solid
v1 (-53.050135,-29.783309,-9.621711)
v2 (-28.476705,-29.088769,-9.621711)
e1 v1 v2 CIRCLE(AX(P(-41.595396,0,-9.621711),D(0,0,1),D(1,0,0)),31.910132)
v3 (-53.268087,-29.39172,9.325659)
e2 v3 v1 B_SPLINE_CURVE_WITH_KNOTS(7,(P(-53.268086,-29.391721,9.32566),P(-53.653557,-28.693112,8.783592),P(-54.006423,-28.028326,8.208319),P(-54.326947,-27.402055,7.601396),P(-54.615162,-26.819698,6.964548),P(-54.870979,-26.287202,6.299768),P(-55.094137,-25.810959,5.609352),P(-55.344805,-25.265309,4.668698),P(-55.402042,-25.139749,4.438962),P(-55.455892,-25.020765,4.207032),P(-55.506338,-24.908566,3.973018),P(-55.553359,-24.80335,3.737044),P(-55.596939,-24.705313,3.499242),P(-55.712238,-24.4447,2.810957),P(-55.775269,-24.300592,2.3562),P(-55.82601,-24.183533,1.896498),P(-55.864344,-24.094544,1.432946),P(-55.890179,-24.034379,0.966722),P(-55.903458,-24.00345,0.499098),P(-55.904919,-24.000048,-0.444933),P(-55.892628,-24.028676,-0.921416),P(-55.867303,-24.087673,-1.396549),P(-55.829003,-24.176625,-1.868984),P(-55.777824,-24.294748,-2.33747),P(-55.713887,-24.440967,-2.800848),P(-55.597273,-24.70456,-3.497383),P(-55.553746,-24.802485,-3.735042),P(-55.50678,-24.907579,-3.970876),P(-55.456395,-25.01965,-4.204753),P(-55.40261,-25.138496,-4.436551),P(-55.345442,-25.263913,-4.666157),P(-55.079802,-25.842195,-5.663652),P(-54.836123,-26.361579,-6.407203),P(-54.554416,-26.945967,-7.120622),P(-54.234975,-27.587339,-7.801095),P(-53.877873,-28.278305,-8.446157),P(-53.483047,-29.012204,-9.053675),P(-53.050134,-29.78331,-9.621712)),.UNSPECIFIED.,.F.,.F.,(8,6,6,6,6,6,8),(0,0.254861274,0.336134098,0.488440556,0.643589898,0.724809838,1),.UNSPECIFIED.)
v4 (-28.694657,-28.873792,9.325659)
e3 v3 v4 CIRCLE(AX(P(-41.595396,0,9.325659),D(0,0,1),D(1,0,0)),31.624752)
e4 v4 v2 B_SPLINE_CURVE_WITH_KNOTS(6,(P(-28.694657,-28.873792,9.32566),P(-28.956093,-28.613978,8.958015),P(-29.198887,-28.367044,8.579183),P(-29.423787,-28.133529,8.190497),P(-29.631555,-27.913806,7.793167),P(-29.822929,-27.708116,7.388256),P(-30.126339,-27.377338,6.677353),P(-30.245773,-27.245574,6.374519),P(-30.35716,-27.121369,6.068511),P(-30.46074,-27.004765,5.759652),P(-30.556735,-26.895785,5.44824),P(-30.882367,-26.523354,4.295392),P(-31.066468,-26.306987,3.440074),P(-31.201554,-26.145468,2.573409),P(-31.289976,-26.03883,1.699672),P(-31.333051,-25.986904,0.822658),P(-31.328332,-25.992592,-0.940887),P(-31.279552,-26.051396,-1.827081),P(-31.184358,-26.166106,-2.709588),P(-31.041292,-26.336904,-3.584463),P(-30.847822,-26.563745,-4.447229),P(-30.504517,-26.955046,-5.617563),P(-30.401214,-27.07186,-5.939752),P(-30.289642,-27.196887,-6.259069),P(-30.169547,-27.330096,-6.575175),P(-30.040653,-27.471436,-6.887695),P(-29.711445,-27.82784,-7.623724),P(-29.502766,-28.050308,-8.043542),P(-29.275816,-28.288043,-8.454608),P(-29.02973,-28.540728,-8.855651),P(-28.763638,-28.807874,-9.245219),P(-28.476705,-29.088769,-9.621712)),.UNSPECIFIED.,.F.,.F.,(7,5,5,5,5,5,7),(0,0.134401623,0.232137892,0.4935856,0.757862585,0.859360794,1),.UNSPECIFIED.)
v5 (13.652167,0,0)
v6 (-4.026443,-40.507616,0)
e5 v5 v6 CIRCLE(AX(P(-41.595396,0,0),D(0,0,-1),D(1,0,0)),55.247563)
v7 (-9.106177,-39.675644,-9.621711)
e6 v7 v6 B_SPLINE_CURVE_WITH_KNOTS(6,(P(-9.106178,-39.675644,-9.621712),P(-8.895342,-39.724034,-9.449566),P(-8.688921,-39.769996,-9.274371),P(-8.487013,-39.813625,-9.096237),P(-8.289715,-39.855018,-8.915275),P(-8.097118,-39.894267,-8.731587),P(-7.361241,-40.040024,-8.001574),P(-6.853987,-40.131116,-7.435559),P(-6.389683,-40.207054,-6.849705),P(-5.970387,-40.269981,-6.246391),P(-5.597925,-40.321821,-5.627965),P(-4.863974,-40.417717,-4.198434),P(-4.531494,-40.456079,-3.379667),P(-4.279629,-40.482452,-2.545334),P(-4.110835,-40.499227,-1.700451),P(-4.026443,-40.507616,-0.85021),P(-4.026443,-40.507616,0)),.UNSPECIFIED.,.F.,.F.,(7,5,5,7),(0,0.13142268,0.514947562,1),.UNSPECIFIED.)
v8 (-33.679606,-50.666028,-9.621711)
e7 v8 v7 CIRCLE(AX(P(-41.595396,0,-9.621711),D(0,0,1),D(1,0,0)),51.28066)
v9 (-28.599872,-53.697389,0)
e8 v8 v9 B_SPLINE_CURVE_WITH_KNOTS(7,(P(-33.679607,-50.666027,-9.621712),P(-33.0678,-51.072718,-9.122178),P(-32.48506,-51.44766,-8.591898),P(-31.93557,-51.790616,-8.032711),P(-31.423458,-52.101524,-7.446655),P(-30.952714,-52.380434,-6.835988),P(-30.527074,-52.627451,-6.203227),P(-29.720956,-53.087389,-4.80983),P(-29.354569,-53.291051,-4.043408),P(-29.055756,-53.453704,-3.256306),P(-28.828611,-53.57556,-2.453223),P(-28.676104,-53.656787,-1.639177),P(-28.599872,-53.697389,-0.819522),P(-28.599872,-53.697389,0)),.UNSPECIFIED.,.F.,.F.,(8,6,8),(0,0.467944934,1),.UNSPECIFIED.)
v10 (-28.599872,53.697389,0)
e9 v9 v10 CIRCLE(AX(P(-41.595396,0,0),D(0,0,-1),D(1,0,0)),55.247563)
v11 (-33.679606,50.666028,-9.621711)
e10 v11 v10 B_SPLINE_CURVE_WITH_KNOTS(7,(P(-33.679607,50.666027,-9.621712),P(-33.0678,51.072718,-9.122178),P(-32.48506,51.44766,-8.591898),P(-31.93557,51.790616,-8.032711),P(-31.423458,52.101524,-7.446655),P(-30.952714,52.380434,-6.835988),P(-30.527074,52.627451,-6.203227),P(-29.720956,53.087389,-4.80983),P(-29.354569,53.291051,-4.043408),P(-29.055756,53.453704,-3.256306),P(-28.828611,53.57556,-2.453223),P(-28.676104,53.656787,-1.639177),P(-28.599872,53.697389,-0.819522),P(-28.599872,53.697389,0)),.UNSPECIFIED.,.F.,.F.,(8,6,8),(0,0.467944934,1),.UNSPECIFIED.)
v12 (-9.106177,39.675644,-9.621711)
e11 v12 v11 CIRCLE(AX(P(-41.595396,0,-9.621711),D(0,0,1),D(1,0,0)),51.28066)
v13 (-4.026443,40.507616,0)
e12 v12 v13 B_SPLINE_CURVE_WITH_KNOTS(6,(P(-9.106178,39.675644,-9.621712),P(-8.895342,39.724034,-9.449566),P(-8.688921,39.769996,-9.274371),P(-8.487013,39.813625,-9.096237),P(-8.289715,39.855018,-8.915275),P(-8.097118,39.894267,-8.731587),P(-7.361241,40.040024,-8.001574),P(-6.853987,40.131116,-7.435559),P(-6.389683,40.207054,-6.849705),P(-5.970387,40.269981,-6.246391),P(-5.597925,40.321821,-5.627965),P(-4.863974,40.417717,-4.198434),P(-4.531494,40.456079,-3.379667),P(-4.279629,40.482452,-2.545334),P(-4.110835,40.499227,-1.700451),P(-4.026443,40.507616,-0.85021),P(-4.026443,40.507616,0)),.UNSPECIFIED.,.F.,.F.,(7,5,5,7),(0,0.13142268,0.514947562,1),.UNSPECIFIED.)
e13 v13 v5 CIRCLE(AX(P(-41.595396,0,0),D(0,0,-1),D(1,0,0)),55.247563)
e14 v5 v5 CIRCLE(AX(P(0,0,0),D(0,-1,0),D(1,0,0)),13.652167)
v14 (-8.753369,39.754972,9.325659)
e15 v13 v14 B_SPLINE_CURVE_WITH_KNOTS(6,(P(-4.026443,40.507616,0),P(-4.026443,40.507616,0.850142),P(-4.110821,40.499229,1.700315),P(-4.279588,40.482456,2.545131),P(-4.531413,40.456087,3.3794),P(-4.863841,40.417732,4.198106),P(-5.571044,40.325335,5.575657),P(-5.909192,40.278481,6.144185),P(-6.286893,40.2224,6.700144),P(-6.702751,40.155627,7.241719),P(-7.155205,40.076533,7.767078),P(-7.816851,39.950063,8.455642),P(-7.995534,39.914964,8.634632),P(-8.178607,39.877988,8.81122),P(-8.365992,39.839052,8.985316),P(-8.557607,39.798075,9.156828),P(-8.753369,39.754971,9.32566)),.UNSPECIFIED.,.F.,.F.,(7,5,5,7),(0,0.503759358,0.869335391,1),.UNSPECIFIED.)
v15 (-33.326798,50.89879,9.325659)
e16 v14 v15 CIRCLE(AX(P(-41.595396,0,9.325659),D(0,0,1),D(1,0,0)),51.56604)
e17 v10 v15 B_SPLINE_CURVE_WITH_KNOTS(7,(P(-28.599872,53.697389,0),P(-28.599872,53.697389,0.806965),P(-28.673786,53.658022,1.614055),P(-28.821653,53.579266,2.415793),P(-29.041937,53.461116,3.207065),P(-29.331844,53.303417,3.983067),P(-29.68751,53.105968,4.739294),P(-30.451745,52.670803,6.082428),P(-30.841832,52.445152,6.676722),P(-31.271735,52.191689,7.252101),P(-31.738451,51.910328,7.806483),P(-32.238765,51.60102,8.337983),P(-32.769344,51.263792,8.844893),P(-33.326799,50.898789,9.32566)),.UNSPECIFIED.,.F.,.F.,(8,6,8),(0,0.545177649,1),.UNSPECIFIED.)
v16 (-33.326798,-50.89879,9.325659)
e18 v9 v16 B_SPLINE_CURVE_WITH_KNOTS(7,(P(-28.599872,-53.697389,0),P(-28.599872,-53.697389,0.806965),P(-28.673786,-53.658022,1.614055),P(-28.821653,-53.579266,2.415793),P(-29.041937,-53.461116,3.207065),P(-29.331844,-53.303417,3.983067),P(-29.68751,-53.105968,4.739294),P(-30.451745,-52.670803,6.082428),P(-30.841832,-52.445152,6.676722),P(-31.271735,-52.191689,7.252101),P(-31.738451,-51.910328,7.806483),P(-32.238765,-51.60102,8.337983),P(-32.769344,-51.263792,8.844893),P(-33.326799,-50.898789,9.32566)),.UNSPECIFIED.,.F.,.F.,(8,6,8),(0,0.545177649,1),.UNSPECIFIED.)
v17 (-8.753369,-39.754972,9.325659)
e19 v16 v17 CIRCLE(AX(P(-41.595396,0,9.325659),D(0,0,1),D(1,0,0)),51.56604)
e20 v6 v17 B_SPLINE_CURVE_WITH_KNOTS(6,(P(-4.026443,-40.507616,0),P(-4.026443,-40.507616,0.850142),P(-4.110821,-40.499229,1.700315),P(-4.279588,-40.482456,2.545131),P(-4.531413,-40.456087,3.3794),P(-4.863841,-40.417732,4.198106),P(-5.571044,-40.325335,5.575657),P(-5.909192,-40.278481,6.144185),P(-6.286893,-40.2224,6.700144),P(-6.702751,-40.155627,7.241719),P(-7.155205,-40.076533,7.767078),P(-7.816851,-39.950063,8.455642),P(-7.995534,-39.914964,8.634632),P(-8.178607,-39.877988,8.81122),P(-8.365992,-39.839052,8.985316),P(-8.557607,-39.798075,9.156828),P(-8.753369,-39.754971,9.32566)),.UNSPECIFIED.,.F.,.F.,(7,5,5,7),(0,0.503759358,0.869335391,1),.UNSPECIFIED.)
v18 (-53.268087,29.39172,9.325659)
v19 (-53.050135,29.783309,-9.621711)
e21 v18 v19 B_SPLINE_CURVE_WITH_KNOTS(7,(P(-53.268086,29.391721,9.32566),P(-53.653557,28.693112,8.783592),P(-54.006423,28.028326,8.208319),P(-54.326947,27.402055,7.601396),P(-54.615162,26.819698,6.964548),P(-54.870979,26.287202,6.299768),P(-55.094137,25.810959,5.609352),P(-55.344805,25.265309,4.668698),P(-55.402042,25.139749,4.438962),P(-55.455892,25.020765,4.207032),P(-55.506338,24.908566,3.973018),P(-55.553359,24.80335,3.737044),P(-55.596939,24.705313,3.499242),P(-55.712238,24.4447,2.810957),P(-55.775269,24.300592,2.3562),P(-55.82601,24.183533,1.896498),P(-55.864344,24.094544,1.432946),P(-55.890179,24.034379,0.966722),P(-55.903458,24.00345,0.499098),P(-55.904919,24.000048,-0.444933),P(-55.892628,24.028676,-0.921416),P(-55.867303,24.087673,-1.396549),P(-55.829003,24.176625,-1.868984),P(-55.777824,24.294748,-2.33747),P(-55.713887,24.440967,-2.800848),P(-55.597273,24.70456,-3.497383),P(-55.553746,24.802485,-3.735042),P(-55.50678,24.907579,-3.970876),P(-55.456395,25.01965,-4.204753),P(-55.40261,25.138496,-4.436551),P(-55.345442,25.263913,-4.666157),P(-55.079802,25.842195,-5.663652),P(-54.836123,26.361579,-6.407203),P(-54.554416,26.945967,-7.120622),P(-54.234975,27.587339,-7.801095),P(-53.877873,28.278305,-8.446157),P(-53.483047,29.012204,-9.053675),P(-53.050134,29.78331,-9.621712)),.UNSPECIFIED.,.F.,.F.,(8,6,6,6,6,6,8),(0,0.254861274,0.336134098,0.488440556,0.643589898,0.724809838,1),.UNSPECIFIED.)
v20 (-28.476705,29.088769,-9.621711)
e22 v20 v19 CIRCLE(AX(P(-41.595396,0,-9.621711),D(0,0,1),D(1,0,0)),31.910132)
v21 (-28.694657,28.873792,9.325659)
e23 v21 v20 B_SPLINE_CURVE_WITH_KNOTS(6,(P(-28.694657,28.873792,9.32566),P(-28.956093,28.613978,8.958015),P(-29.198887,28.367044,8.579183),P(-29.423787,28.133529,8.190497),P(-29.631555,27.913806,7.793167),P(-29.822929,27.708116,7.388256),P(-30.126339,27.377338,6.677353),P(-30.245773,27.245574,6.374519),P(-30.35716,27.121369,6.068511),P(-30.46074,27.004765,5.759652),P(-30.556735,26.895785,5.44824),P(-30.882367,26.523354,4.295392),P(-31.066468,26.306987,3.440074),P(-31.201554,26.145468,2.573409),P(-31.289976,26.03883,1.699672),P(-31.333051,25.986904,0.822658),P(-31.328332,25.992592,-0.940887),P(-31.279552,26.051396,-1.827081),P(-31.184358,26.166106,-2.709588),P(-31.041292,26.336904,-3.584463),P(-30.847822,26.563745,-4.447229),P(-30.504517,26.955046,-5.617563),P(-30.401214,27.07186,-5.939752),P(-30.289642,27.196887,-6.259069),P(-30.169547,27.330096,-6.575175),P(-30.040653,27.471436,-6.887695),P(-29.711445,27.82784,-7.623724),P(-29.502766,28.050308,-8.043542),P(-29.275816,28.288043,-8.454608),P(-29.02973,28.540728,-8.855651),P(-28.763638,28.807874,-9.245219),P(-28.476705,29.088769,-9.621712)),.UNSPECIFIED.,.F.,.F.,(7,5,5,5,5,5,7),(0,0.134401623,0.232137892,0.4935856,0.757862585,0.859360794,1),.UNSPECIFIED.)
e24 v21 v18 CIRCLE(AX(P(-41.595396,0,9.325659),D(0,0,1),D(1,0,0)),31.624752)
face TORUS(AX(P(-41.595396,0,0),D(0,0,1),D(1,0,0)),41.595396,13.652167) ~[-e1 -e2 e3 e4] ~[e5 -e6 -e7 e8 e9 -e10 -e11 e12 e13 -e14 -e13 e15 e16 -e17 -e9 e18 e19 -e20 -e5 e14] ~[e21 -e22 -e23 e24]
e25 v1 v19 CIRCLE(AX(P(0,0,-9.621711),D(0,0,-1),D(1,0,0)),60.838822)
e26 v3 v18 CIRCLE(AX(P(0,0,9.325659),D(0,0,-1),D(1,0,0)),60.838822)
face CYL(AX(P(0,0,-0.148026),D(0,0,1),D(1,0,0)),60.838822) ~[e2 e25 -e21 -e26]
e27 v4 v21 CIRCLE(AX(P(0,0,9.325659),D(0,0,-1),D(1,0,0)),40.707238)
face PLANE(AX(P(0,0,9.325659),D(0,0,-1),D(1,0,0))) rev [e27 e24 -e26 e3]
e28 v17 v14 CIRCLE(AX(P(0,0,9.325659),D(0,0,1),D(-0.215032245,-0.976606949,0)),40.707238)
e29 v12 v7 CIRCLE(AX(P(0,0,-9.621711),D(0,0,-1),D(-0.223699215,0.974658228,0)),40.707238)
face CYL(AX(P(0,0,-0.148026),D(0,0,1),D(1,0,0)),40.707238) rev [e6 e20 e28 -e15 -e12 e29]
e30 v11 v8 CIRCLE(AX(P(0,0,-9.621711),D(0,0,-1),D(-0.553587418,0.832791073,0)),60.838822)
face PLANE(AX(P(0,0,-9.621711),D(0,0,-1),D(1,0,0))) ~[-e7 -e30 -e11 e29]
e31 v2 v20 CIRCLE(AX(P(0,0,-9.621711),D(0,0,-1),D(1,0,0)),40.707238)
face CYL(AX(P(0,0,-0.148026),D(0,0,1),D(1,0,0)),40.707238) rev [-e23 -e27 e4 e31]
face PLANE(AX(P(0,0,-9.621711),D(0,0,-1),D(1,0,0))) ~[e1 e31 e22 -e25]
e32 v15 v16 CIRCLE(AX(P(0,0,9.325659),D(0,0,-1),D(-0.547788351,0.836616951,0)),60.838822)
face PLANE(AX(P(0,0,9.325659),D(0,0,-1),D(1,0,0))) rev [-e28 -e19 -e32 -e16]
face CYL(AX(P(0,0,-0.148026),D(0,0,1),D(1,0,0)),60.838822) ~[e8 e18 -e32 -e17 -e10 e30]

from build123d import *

# Parameters (mm, degrees)
F0_W = 20.131584
F0_H = 18.94737
F2_R = 13.652167


with BuildPart() as f1:
    # F0 (on Front) → F1 (revolve)
    with BuildSketch(Plane.XZ):
        with Locations((50.77303, -0.148026)):
            Rectangle(F0_W, F0_H)
    revolve(axis=Axis((0, 0, 10.06579), (0, 0, -1)))

    # F2 (on Front) → F3 (revolve)
    with BuildSketch(Plane.XZ):
        Circle(F2_R)
    revolve(axis=Axis((-41.595396, 0, 5.773026), (0, 0, -1)))


solid = f1.part
